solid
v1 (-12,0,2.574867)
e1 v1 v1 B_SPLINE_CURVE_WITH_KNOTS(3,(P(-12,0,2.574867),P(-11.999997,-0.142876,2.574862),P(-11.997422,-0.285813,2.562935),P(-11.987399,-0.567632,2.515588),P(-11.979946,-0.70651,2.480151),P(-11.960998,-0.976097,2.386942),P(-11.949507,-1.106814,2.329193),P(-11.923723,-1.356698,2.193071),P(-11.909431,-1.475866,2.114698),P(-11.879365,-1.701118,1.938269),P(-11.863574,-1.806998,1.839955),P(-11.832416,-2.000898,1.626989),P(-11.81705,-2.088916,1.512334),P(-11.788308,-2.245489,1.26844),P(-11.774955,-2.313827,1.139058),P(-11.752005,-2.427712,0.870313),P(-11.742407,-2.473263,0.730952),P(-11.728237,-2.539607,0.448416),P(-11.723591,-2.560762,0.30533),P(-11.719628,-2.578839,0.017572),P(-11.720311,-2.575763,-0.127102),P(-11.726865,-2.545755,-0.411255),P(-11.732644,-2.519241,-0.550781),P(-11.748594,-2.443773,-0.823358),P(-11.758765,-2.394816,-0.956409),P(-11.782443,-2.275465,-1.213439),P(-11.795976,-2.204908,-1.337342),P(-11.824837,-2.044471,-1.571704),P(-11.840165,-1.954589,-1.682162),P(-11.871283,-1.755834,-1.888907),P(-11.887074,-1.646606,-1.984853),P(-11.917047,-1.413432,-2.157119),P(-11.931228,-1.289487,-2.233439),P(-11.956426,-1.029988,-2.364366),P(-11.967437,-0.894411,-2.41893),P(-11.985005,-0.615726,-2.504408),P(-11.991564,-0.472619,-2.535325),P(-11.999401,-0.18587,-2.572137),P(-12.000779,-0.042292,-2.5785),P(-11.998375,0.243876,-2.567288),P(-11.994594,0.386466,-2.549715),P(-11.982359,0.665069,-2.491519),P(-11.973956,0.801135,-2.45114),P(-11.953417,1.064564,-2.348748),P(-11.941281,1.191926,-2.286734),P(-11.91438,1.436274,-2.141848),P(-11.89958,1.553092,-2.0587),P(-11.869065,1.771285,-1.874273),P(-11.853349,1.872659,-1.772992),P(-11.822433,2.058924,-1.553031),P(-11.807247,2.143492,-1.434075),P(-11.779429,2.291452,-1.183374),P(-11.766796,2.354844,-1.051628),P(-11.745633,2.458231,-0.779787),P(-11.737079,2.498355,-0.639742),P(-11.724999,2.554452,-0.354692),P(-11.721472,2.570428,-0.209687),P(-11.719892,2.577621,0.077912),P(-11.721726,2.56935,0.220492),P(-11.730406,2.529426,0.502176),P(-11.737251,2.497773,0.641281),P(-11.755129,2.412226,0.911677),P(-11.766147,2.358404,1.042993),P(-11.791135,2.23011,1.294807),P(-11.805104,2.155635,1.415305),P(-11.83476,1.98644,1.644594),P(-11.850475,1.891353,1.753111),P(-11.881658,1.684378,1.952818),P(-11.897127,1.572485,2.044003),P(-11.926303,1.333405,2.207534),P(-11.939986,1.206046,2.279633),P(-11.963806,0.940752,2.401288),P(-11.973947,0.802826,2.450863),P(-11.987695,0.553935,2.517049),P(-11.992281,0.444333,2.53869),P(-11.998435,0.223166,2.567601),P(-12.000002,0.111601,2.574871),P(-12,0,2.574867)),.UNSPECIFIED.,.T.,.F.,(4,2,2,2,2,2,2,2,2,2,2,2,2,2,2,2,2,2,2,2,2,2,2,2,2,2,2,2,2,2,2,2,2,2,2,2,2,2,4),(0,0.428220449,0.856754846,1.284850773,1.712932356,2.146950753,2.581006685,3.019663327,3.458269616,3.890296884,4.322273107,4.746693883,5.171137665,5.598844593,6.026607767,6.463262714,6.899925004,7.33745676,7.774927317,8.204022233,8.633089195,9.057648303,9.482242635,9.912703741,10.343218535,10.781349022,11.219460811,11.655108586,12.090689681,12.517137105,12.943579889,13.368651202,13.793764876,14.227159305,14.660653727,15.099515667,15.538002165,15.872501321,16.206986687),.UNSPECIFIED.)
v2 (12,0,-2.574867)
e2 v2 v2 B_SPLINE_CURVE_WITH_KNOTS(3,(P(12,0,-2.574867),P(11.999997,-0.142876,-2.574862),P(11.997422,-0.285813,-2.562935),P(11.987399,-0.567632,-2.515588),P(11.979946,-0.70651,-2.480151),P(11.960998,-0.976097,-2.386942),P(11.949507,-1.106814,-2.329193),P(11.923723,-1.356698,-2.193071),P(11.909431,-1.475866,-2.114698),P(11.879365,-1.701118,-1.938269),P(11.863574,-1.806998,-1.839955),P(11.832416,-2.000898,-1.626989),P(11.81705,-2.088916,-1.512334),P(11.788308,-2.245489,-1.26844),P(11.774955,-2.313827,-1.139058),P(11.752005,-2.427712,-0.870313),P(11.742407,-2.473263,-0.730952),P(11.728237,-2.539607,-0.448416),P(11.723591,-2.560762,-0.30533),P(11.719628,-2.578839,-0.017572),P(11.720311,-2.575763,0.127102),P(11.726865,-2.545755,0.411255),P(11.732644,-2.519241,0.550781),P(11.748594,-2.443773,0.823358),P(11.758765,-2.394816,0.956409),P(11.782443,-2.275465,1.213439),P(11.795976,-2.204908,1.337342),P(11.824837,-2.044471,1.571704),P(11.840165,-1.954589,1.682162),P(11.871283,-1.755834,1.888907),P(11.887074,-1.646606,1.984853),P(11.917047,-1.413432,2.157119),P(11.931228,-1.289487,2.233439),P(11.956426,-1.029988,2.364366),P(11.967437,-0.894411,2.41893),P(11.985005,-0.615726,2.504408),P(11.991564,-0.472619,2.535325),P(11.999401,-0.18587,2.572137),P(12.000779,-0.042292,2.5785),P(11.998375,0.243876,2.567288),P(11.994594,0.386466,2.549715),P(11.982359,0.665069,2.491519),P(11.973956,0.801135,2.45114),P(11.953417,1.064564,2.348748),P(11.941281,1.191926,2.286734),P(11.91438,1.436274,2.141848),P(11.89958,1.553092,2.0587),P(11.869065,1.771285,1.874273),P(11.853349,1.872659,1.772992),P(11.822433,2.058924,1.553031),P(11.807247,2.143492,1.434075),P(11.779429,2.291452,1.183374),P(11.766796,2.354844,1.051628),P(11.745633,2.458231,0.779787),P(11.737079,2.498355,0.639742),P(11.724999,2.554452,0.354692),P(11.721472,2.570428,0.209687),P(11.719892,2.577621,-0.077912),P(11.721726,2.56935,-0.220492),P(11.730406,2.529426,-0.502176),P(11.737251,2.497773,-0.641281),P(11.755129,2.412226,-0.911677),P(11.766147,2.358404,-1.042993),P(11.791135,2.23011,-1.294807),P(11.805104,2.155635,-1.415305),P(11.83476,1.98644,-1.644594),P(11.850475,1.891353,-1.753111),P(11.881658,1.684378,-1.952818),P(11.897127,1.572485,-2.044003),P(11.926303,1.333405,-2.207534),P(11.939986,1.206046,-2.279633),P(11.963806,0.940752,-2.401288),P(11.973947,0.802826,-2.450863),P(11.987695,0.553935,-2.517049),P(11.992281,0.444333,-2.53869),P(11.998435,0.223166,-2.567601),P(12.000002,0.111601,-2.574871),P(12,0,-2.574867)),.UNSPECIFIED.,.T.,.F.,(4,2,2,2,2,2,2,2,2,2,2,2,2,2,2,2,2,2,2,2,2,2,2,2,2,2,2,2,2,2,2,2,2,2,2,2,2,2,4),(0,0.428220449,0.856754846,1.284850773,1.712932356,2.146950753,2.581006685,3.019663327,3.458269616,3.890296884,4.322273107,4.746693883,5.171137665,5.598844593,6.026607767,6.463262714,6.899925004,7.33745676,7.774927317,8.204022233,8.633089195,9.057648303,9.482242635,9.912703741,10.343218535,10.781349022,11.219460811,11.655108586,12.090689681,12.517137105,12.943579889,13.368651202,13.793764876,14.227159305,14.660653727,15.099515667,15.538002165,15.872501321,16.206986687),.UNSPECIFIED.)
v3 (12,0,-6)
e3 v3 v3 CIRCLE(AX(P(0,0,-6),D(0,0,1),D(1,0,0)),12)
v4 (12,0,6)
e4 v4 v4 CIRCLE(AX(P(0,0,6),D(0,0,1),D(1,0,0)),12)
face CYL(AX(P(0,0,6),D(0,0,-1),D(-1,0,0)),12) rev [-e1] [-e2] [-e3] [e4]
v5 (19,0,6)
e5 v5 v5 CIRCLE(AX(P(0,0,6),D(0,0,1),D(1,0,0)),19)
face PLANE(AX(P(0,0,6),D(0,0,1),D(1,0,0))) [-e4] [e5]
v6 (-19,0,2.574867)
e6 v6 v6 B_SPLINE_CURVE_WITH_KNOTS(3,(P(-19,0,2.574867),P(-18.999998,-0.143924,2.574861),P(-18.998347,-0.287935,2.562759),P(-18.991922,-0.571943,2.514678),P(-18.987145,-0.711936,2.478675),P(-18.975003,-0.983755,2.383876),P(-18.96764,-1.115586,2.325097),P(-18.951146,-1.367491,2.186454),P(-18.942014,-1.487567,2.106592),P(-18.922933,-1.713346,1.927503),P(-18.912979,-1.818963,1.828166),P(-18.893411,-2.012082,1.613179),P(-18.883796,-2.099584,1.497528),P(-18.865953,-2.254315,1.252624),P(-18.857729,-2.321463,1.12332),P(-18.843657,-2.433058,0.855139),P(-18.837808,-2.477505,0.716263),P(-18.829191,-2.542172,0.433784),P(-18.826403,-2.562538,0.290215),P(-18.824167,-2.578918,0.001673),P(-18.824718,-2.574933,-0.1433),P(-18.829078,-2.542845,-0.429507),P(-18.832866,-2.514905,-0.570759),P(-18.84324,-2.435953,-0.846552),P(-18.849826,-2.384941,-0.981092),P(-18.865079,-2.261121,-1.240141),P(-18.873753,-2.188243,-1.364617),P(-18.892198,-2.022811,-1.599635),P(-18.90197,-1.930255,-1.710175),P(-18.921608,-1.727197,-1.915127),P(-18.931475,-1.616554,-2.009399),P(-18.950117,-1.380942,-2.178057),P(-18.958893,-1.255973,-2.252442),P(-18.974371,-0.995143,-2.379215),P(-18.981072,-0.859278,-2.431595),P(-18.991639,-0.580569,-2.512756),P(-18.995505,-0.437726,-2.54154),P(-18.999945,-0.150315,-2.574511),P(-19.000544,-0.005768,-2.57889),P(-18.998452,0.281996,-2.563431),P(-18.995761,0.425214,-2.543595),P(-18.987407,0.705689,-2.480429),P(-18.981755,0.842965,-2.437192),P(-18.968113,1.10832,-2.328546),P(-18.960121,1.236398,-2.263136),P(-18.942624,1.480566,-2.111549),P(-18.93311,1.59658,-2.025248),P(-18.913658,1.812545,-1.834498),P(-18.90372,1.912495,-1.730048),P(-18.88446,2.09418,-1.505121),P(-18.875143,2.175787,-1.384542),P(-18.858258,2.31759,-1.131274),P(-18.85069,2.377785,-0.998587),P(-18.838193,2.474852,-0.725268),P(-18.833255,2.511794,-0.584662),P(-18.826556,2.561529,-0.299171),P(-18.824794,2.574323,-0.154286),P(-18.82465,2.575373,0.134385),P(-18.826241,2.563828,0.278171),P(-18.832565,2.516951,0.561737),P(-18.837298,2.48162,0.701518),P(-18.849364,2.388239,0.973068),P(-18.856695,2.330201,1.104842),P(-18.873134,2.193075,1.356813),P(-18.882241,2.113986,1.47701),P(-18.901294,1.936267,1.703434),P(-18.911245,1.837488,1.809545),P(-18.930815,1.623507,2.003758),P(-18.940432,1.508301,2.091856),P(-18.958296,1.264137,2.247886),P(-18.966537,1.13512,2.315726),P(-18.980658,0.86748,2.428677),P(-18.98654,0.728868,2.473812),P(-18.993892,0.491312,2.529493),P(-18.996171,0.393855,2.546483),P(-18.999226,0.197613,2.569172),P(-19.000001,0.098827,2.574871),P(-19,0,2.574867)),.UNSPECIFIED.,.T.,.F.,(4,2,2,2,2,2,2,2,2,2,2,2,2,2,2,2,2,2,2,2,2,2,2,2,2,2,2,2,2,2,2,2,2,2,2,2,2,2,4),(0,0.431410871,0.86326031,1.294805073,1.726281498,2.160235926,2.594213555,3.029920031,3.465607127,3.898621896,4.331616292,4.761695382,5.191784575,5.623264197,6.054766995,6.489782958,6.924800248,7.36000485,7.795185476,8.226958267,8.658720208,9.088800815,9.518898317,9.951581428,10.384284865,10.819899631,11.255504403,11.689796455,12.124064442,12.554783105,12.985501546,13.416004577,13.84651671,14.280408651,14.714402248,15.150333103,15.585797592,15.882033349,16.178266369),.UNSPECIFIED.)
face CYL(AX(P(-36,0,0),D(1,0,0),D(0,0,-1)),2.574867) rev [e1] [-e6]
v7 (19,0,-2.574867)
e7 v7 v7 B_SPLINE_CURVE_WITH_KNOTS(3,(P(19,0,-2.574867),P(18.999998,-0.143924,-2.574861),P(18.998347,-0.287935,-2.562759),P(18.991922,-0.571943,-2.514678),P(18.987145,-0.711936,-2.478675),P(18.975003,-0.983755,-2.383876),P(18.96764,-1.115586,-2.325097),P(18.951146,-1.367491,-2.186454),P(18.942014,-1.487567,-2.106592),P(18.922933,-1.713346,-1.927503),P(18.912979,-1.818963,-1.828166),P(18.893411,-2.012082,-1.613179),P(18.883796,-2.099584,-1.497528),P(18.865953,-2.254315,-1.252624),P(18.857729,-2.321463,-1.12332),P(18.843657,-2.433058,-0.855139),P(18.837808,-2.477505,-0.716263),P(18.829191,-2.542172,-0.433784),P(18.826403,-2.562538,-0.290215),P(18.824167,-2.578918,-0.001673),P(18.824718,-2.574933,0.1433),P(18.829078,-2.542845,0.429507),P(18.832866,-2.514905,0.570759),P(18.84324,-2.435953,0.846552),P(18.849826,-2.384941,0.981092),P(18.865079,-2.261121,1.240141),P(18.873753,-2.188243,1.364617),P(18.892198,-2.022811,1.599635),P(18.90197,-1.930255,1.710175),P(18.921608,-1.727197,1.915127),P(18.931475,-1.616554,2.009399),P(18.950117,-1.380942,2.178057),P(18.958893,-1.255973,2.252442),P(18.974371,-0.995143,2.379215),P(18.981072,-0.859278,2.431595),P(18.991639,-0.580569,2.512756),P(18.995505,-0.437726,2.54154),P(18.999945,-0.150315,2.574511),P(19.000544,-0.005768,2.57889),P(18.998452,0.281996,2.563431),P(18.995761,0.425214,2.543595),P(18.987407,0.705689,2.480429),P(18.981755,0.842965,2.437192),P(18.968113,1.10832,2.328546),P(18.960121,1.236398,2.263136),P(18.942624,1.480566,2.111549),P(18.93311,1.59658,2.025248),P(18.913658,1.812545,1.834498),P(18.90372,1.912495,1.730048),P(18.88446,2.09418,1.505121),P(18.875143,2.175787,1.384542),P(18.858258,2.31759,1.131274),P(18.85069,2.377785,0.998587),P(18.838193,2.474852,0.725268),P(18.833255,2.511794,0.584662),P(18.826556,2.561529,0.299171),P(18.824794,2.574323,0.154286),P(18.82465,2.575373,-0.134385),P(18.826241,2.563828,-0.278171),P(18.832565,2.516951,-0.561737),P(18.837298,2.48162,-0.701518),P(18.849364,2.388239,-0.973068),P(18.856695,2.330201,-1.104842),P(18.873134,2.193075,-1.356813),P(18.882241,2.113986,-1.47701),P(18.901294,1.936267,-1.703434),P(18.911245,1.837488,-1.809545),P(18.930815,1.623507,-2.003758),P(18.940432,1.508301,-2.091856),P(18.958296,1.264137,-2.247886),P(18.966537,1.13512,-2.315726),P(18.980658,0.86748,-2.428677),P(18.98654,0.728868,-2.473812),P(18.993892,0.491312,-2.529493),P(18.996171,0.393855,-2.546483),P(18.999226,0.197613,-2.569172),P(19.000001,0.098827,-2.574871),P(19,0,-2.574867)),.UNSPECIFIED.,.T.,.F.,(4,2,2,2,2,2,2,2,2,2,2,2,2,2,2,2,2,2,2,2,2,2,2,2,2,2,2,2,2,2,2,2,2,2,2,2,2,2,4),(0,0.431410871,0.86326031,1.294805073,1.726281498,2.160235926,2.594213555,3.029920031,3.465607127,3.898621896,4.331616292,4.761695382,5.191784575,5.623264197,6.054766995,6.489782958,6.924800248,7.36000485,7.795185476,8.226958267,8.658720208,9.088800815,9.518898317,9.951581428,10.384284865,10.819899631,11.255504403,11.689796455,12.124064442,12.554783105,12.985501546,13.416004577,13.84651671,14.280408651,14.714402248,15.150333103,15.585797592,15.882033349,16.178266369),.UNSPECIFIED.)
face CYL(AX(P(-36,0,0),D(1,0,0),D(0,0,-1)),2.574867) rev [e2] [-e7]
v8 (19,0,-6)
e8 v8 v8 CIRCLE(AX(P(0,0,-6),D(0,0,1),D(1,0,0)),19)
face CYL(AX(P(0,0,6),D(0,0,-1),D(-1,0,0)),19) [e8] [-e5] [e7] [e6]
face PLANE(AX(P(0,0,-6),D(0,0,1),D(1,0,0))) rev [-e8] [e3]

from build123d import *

# Parameters (mm, degrees)
SKETCH1_R           = 19
SKETCH1_R_2         = 12
BOSS_EXTRUDE2_DEPTH = 6
SKETCH3_R           = 2.574867252
CUT_EXTRUDE1_DEPTH  = 36


with BuildPart() as part:
    # Sketch1 → Boss-Extrude2 (new body, symmetric)
    with BuildSketch(Plane.XY):
        Circle(SKETCH1_R)
        Circle(SKETCH1_R_2, mode=Mode.SUBTRACT)
    extrude(amount=BOSS_EXTRUDE2_DEPTH, both=True)

    # Sketch3 → Cut-Extrude1 (cut, symmetric)
    with BuildSketch(Plane(origin=(0, 0, 0), x_dir=(0, 0, -1), z_dir=(1, 0, 0))):
        Circle(SKETCH3_R)
    extrude(amount=CUT_EXTRUDE1_DEPTH, both=True, mode=Mode.SUBTRACT)


solid = part.part
